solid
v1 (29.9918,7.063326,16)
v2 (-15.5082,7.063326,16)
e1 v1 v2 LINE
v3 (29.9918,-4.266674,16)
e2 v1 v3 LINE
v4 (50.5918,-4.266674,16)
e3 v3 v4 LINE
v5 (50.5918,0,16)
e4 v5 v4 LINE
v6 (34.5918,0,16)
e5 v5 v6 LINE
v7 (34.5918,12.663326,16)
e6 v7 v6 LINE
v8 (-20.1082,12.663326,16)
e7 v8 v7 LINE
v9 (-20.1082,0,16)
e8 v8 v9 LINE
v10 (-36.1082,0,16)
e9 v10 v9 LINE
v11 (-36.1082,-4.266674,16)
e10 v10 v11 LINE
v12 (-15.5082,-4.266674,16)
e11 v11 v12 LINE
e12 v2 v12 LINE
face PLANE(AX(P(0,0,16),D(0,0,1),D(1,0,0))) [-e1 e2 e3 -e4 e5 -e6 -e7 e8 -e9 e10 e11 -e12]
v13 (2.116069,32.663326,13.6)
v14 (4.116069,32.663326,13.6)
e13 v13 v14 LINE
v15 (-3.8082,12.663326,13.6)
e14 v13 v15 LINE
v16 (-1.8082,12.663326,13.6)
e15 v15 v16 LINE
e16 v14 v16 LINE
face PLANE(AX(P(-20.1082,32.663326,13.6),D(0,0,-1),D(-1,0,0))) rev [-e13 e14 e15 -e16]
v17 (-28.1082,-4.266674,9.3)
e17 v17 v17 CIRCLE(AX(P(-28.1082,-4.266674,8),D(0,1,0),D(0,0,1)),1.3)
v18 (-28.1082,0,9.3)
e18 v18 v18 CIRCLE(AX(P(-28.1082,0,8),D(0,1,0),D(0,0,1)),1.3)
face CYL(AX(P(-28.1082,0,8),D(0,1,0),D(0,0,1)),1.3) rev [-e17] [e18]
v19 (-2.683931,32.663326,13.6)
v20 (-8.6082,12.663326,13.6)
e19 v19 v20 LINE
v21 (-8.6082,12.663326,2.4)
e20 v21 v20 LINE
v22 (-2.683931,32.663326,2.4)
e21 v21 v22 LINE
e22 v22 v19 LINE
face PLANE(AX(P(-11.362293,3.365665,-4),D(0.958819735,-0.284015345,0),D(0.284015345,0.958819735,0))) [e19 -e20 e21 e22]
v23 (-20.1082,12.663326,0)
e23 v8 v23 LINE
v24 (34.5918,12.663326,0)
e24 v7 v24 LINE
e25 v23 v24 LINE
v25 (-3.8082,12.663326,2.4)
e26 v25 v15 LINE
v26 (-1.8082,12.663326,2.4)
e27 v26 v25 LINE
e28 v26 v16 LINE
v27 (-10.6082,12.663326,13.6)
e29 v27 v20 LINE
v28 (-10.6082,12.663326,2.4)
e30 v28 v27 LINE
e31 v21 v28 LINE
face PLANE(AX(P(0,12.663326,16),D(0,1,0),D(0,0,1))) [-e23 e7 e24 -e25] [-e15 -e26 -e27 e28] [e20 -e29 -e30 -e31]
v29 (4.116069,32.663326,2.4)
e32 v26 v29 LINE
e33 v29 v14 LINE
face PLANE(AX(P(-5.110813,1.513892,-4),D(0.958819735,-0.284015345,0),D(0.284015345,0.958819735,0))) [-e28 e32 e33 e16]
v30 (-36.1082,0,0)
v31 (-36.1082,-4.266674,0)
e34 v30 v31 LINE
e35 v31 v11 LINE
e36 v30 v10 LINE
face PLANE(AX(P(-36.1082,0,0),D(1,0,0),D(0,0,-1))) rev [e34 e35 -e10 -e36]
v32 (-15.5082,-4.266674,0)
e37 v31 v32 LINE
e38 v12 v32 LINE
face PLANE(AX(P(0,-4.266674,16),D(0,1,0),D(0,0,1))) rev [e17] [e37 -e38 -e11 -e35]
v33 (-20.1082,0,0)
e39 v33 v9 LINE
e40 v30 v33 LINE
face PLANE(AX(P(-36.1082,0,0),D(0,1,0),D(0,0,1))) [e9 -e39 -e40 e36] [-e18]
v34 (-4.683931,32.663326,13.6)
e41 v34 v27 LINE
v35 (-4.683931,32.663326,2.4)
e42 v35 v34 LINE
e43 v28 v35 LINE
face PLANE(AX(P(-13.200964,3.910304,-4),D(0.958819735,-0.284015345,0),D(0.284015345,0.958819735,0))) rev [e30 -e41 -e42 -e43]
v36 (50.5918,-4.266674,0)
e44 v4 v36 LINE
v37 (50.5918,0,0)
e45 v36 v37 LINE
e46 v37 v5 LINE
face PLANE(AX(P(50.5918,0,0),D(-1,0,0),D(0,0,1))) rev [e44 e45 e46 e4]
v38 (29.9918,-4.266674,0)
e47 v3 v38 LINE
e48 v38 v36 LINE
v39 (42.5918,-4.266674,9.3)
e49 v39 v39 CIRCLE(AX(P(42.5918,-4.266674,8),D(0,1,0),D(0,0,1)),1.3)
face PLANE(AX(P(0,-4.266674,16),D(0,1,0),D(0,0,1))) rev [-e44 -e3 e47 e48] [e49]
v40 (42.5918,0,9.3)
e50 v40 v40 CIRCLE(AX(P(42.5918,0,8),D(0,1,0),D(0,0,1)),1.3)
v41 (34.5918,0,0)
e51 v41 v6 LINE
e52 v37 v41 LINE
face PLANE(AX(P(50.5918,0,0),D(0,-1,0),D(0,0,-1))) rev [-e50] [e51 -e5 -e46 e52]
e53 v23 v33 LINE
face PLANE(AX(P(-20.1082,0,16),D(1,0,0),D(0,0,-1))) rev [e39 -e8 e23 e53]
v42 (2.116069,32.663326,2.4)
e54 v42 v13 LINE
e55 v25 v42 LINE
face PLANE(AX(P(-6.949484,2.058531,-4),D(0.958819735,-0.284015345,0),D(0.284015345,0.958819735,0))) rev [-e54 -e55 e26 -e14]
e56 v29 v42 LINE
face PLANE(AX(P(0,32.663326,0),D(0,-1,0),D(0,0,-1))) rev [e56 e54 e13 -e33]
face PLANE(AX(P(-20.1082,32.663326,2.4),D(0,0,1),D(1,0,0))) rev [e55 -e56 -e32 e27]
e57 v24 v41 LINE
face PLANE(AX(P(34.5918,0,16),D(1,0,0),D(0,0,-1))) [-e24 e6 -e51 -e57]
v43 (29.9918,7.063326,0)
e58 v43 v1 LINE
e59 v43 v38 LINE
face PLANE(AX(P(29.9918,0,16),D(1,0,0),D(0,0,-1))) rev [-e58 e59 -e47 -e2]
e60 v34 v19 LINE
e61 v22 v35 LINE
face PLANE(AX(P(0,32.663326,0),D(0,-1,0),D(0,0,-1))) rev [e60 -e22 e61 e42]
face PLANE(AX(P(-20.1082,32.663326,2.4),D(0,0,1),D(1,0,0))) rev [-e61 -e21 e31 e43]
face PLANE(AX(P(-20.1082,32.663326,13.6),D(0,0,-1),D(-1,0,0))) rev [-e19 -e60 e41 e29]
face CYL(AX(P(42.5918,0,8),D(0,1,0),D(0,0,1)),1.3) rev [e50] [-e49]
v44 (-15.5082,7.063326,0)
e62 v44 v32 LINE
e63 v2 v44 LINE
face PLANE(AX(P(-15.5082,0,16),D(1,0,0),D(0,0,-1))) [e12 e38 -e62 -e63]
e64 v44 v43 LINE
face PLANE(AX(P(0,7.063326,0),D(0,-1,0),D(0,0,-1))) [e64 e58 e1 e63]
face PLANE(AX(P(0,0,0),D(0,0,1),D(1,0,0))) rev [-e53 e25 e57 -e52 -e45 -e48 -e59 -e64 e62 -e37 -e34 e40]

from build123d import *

# Parameters (mm, degrees)
EXTRUDE_1_DEPTH     = 16
SKETCH_3_W          = 16
SKETCH_3_H          = 4.26667426
EXTRUDE_3_DEPTH     = 16
SKETCH_23_W         = 16
SKETCH_23_H         = 4.26667426
EXTRUDE_4_DEPTH     = 16
F_2_0MM_2_D         = 2.6
F_2_0MM_3_D         = 2.6
SKETCH_33_W         = 45.5
SKETCH_33_H         = 16
EXTRUDE_5_DEPTH     = 1
SKETCH_34_W         = 28.538779463
SKETCH_34_H         = 11.2
EXTRUDE_6_DEPTH     = 20
CUT_EXTRUDE_1_DEPTH = 20


with BuildPart() as part:
    # 草图2 → 凸台-拉伸1 (new body)
    with BuildSketch(Plane.XY):
        Polygon((34.591799544, 12.66332574), (-20.108200456, 12.66332574), (-20.108200456, -4.26667426), (-15.508200456, -4.26667426), (-15.508200456, 8.06332574), (29.991799544, 8.06332574), (29.991799544, -4.26667426), (34.591799544, -4.26667426), align=None)
    extrude(amount=EXTRUDE_1_DEPTH)

    # 草图3 → 凸台-拉伸3 (add)
    with BuildSketch(Plane.ZY.offset(20.108200456)):
        with Locations((8, -2.13333713)):
            Rectangle(SKETCH_3_W, SKETCH_3_H)
    extrude(amount=EXTRUDE_3_DEPTH)

    # 草图23 → 凸台-拉伸4 (add)
    with BuildSketch(Plane(origin=(34.591799544, 0, 0), x_dir=(0, 0, -1), z_dir=(1, 0, 0))):
        with Locations((-8, -2.13333713)):
            Rectangle(SKETCH_23_W, SKETCH_23_H)
    extrude(amount=EXTRUDE_4_DEPTH)

    # Ø2.0mm 暗销孔2 (through all)
    with Locations(Plane(origin=(0, 0, 0), x_dir=(1, 0, 0), z_dir=(0, 1, 0))):
        with Locations((42.591799544, -8)):
            Hole(F_2_0MM_2_D / 2)

    # Ø2.0mm 暗销孔3 (through all)
    with Locations(Plane(origin=(0, 0, 0), x_dir=(1, 0, 0), z_dir=(0, 1, 0))):
        with Locations((-28.108200456, -8)):
            Hole(F_2_0MM_3_D / 2)

    # 草图33 → 凸台-拉伸5 (add)
    with BuildSketch(Plane.XZ.offset(-8.06332574)):
        with Locations((7.241799544, 8)):
            Rectangle(SKETCH_33_W, SKETCH_33_H)
    extrude(amount=EXTRUDE_5_DEPTH)

    # 草图34 → 凸台-拉伸6 (add)
    with BuildSketch(Plane(origin=(0, 12.66332574, 0), x_dir=(1, 0, 0), z_dir=(0, 1, 0))):
        with Locations((-5.838810725, -8)):
            Rectangle(SKETCH_34_W, SKETCH_34_H)
    extrude(amount=EXTRUDE_6_DEPTH)

    # 草图35 → 切除-拉伸1 (cut)
    with BuildSketch(Plane.XY.offset(16)):
        Polygon((-3.808200456, 12.66332574), (2.116069444, 32.66332574), (-2.683930556, 32.66332574), (-8.608200456, 12.66332574), align=None)
        Polygon((-1.808200456, 12.66332574), (8.430579007, 12.66332574), (8.430579007, 32.66332574), (4.116069444, 32.66332574), align=None)
        Polygon((-20.108200456, 12.66332574), (-10.608200456, 12.66332574), (-4.683930556, 32.66332574), (-20.108200456, 32.66332574), align=None)
    extrude(amount=-CUT_EXTRUDE_1_DEPTH, mode=Mode.SUBTRACT)


solid = part.part
